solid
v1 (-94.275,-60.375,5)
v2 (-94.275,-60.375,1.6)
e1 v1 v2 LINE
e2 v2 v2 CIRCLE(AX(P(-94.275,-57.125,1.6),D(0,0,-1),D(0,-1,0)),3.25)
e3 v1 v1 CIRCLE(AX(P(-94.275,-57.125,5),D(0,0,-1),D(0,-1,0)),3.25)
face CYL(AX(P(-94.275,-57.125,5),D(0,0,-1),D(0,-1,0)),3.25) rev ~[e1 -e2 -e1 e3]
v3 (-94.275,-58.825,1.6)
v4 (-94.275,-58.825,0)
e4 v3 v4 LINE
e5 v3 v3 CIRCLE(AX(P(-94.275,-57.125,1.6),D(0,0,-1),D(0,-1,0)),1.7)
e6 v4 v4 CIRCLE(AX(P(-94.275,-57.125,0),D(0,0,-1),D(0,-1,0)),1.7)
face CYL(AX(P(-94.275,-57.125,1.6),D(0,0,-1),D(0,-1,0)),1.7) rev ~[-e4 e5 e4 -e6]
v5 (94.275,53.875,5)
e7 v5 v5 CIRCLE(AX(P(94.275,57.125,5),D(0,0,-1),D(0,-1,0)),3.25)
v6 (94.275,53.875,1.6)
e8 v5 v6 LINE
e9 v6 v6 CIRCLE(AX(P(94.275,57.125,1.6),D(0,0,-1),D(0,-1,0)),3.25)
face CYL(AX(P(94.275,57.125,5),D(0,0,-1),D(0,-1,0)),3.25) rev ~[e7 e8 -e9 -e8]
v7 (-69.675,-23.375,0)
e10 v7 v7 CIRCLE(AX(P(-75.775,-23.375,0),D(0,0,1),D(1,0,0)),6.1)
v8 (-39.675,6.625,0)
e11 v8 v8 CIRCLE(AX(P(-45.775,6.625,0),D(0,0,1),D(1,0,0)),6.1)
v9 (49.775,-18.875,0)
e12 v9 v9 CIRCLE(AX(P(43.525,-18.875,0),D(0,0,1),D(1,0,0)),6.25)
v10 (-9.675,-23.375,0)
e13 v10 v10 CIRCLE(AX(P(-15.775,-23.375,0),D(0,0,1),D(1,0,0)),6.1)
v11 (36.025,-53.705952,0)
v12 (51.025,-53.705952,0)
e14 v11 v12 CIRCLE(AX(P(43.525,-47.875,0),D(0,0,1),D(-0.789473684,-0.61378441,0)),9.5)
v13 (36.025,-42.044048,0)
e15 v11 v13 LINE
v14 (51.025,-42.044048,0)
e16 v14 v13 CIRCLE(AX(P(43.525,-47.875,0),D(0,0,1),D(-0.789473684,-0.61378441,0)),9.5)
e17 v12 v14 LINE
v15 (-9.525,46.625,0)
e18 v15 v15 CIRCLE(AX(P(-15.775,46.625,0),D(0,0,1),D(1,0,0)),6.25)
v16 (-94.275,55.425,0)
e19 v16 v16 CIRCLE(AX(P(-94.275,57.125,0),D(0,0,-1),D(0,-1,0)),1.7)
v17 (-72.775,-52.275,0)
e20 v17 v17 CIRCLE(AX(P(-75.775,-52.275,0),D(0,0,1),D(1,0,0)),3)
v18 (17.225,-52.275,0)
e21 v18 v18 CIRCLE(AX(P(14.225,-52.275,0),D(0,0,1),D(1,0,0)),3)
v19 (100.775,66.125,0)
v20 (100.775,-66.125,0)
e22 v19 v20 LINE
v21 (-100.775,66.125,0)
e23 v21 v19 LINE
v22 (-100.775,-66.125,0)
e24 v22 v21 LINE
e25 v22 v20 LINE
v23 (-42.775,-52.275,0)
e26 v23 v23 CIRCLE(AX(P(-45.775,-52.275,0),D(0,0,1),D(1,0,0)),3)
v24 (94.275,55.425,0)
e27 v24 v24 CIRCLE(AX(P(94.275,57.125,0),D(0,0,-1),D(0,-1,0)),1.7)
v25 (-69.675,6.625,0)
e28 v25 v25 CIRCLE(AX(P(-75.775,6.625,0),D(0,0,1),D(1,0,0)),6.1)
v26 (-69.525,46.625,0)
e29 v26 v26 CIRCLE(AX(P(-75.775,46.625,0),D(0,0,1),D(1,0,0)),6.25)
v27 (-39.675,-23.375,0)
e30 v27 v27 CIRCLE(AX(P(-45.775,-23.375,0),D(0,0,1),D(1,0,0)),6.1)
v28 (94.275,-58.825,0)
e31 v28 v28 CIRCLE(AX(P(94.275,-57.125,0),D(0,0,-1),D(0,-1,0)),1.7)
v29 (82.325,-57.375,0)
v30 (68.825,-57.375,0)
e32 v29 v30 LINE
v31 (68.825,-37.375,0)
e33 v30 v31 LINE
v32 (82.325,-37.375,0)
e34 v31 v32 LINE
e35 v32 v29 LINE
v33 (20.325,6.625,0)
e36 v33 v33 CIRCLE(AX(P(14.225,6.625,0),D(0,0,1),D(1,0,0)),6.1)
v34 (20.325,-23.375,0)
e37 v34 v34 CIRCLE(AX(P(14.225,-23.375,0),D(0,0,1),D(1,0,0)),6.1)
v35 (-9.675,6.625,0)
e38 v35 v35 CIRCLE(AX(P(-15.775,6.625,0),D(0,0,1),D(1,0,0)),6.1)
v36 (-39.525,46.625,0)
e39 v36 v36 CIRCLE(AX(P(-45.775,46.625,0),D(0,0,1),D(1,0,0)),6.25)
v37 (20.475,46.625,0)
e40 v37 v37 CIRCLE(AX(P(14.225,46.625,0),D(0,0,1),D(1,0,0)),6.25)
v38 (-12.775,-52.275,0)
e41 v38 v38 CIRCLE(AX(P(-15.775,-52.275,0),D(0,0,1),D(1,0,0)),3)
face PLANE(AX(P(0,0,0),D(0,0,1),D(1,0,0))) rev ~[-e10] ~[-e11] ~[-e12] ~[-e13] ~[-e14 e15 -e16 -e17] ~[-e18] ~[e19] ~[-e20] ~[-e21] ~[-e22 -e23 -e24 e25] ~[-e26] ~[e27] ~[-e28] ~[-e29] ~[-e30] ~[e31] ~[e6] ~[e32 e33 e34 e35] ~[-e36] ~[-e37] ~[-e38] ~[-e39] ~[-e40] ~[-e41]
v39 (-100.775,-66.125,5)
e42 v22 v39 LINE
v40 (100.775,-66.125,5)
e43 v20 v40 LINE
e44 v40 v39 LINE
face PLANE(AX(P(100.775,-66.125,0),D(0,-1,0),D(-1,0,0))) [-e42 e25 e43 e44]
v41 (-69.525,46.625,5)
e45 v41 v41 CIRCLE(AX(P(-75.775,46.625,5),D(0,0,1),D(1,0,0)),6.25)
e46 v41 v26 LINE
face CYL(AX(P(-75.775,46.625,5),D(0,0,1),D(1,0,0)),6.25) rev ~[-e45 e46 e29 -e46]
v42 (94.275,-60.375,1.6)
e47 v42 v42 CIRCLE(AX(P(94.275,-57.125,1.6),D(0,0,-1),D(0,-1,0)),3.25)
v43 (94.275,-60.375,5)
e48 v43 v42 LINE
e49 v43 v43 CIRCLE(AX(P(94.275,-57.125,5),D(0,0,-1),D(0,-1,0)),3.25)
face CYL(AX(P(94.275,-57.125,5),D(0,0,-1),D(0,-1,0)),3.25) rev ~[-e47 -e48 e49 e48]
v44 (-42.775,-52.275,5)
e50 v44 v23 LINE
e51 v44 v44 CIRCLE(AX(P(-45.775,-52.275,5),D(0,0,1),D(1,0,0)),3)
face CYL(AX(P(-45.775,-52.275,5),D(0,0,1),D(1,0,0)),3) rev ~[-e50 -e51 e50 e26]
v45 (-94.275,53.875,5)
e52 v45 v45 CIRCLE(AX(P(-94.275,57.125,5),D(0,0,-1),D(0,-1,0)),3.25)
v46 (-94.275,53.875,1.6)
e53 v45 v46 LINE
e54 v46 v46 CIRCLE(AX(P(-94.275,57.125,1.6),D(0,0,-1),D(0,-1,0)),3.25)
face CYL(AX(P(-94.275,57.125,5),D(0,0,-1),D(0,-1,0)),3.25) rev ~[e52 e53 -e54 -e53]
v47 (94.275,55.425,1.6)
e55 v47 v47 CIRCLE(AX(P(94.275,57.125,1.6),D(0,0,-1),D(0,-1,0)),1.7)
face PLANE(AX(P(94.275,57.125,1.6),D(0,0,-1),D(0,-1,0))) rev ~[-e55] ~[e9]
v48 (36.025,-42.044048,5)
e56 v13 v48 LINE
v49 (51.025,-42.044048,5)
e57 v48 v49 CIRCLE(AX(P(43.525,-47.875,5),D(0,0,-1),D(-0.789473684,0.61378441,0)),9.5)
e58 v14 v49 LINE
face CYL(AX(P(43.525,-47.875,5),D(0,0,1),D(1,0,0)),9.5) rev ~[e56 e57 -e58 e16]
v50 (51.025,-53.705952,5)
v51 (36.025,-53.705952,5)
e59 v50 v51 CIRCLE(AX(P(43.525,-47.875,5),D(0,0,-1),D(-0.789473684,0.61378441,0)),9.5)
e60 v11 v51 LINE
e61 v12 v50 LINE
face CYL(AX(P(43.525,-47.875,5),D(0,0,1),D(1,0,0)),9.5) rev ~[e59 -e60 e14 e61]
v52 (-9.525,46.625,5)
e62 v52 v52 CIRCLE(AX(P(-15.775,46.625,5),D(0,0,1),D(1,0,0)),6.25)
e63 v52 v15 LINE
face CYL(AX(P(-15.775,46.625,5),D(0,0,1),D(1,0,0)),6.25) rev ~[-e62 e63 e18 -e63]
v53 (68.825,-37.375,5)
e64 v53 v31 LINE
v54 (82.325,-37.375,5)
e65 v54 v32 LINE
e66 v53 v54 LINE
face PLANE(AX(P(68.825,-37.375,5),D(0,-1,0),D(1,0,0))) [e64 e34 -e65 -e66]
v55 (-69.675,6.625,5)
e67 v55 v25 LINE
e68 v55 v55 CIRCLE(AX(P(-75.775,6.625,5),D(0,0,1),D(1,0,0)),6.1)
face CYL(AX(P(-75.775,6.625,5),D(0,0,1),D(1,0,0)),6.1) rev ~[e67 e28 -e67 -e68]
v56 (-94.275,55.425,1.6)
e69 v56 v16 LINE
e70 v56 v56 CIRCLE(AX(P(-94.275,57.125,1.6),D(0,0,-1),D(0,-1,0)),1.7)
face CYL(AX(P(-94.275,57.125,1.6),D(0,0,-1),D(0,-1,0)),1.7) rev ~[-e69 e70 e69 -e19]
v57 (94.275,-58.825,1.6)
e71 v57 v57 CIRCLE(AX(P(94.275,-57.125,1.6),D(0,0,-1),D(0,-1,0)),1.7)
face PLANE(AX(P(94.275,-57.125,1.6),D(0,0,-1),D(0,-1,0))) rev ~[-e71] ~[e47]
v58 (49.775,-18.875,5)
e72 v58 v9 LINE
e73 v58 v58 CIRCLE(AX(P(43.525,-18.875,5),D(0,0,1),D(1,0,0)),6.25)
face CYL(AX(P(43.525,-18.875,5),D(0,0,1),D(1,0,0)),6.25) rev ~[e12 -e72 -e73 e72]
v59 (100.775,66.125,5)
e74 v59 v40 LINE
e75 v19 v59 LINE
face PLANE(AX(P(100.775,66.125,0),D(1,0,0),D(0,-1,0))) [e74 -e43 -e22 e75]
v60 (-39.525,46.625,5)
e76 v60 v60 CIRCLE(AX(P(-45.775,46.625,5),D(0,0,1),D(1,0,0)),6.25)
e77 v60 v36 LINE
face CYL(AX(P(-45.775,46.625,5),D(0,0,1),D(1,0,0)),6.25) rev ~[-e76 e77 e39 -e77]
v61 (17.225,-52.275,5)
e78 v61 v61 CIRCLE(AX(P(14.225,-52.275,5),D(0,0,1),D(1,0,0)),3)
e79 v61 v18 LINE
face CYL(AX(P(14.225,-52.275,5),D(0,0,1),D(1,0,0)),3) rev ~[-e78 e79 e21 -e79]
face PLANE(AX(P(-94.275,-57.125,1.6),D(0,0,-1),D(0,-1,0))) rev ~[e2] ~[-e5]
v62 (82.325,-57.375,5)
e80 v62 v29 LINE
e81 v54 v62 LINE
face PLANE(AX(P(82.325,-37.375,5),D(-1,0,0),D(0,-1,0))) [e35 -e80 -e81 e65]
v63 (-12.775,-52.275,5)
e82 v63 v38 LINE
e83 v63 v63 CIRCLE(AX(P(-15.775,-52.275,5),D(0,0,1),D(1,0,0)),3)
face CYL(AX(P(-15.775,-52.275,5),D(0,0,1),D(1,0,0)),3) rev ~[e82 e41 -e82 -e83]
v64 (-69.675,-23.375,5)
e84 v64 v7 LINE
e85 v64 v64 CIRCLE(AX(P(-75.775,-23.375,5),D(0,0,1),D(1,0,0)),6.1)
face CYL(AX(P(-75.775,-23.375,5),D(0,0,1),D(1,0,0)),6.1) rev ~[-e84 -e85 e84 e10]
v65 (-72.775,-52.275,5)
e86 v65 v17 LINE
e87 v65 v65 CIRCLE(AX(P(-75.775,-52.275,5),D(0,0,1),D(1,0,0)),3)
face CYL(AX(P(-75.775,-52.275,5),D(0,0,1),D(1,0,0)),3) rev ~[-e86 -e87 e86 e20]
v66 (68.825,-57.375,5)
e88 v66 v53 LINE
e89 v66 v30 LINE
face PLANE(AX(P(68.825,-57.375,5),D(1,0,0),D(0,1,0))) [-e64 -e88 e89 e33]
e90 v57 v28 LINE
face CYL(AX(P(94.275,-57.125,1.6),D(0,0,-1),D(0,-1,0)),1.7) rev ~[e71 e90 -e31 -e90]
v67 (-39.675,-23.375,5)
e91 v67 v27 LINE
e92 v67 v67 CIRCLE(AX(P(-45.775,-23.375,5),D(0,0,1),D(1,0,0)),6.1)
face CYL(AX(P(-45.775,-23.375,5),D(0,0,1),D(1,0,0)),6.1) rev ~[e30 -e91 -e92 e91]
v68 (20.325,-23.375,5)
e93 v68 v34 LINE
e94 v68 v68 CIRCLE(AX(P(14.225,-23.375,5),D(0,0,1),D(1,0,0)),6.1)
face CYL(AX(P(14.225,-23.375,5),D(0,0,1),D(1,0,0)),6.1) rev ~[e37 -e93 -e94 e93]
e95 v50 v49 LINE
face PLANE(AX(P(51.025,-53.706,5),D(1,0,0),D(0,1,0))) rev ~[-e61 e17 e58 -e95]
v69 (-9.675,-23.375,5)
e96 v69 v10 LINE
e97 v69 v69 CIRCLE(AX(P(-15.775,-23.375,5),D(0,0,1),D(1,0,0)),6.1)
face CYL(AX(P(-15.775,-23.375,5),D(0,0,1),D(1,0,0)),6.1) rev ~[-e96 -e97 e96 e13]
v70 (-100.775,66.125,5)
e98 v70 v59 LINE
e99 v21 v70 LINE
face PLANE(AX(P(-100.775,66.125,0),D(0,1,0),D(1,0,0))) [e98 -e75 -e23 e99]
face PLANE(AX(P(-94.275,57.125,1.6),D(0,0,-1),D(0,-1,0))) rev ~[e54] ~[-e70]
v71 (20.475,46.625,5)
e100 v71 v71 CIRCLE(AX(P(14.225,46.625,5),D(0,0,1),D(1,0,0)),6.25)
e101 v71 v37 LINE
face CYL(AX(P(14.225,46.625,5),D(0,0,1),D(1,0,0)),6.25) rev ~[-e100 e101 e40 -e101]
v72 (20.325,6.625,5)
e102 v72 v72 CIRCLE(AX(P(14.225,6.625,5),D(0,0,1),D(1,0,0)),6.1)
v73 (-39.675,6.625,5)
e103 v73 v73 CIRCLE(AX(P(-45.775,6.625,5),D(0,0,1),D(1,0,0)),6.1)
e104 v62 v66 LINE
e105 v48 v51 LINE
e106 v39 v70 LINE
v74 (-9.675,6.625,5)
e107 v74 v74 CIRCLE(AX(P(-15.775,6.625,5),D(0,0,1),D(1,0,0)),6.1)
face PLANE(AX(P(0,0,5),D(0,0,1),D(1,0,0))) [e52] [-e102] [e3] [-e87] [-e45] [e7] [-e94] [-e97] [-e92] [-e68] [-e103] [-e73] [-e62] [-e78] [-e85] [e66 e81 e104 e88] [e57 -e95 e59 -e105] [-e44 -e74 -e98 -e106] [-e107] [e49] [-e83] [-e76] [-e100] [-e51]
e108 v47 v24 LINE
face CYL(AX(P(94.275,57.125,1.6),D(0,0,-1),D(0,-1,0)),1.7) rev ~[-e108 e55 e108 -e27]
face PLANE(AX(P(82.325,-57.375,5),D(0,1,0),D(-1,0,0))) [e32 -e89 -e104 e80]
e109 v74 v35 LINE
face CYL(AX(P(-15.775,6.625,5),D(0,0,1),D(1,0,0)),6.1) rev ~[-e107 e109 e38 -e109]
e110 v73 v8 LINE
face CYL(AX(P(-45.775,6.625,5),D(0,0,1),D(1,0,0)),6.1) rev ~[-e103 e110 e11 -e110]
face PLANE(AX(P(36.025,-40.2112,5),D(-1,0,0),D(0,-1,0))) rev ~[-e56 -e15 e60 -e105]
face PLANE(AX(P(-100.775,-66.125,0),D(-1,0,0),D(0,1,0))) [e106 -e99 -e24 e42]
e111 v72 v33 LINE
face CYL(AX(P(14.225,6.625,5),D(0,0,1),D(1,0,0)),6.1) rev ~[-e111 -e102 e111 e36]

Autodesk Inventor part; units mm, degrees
ref_plane "YZ Plane" through (0, 0, 0) normal (1, 0, 0) x (0, 1, 0)
ref_plane "XZ Plane" through (0, 0, 0) normal (0, 1, 0) x (-1, 0, 0)
ref_plane "XY Plane" through (0, 0, 0) normal (0, 0, 1) x (1, 0, 0)
sketch "Sketch1" plane through (0, 0, 0) normal (0, 0, 1) x (1, 0, 0)
  line L0 (100.775, -66.125) -> (-100.775, -66.125)
  line L1 (-100.775, -66.125) -> (-100.775, 66.125)
  line L2 (-100.775, 66.125) -> (100.775, 66.125)
  line L3 (100.775, 66.125) -> (100.775, -66.125)
  line L4 (100.775, -66.125) -> (-100.775, 66.125) construction
  line L5 (-100.775, -66.125) -> (100.775, 66.125) construction
  point P0 (0, 0)
  dimension "d0" = 201.55
  dimension "d1" = 132.25
extrude "TopPlate" add sketch "Sketch1" along normal blind 5
sketch "Sketch2" plane through (0, 0, 5) normal (0, 0, 1) x (1, 0, 0)
  line L0 (-100.775, -66.125) -> (100.775, -66.125) projected
  line L1 (-100.775, -66.125) -> (-87.775, -66.125)
  line L2 (-87.775, -66.125) -> (-87.775, -48.125)
  line L3 (-87.775, -48.125) -> (-100.775, -48.125)
  line L4 (-100.775, -48.125) -> (-100.775, -66.125)
  line L5 (100.775, -66.125) -> (100.775, 66.125) projected
  line L6 (100.775, -66.125) -> (87.775, -66.125)
  line L7 (87.775, -66.125) -> (87.775, -48.125)
  line L8 (87.775, -48.125) -> (100.775, -48.125)
  line L9 (100.775, -48.125) -> (100.775, -66.125)
  line L10 (100.775, 66.125) -> (-100.775, 66.125) projected
  line L11 (-100.775, 66.125) -> (-87.775, 66.125)
  line L12 (-87.775, 66.125) -> (-87.775, 48.125)
  line L13 (-87.775, 48.125) -> (-100.775, 48.125)
  line L14 (-100.775, 48.125) -> (-100.775, 66.125)
  line L15 (100.775, 66.125) -> (87.775, 66.125)
  line L16 (87.775, 66.125) -> (87.775, 48.125)
  line L17 (87.775, 48.125) -> (100.775, 48.125)
  line L18 (100.775, 48.125) -> (100.775, 66.125)
  line L19 (-100.775, 66.125) -> (-87.775, 48.125)
  line L20 (-87.775, 66.125) -> (-100.775, 48.125)
  line L21 (87.775, 66.125) -> (100.775, 48.125)
  line L22 (100.775, 48.125) -> (100.775, 66.125)
  line L23 (87.775, 48.125) -> (100.775, 66.125)
  line L24 (100.775, -66.125) -> (87.775, -48.125)
  line L25 (100.775, -48.125) -> (87.775, -66.125)
  line L26 (-100.775, -48.125) -> (-87.775, -66.125)
  line L27 (-100.775, 66.125) -> (-100.775, -66.125) projected
  line L28 (-87.775, -48.125) -> (-100.775, -66.125)
  point P0 (0, 0)
  point P1 (-94.275, -57.125)
  point P2 (-94.275, 57.125)
  point P3 (94.275, 57.125)
  point P4 (94.275, -57.125)
  dimension "d4" = 13
  dimension "d5" = 18
  dimension "d6" = 13
  dimension "d7" = 18
  dimension "d8" = 13
  dimension "d9" = 18
  dimension "d10" = 13
  dimension "d11" = 18
hole "Hole1" at (-94.275, -57.125, 5) at (94.275, 57.125, 5) at (94.275, -57.125, 5) at (-94.275, 57.125, 5) direction (0, 0, -1) diameter 3.4 end through all counterbore diameter 6.5 counterbore depth 3.4 clearance for "Socket Head Cap Screw DIN EN ISO 4762" size "M3" standard "DIN"
sketch "Sketch34" plane through (0, 0, 5) normal (0, 0, 1) x (1, 0, 0)
  circle A0 centre (43.525, -18.875) radius 6.25
  line L0 (100.775, 66.125) -> (-100.775, 66.125) projected
  line L1 (-100.775, 66.125) -> (-100.775, -66.125) projected
  line L2 (-100.775, -66.125) -> (100.775, -66.125) projected
  point P0 (0, 0)
  point P1 (-125, -13.875)
  point P2 (-125, 66.125)
  point P3 (-125, 66.125)
  point P4 (-65, 66.125)
  point P5 (48.3273, -66.125)
  point P6 (38.7227, -66.125)
  dimension "d166" = 12.5
  dimension "d170" = 144.3
  dimension "d261" = 47.25
extrude "ToggleswitchWithCap1" cut sketch "Sketch34" against normal blind 10
sketch "Sketch38" plane through (0, 0, 5) normal (0, 0, 1) x (1, 0, 0)
  line L0 (68.825, -37.375) -> (82.325, -37.375)
  line L1 (82.325, -37.375) -> (82.325, -57.375)
  line L2 (82.325, -57.375) -> (68.825, -57.375)
  line L3 (68.825, -57.375) -> (68.825, -37.375)
  line L4 (100.775, 66.125) -> (-100.775, 66.125) projected
  line L5 (-100.775, 66.125) -> (-100.775, -66.125) projected
  line L6 (-100.775, -66.125) -> (100.775, -66.125) projected
  point P0 (0, 0)
  dimension "d181" = 13.5
  dimension "d182" = 20
  dimension "d186" = 169.6
  dimension "d266" = 8.75
extrude "OnOffToggle" cut sketch "Sketch38" against normal through all
sketch "Sketch17" plane through (0, 0, 5) normal (0, 0, 1) x (1, 0, 0)
  circle A0 centre (43.525, -47.875) radius 9.5
  line L0 (100.775, 66.125) -> (-100.775, 66.125) projected
  line L1 (-100.775, 66.125) -> (-100.775, -66.125) projected
  line L2 (-100.775, -66.125) -> (100.775, -66.125) projected
  point P0 (0, 0)
  point P1 (-104.4472, 75)
  point P2 (-85.5528, 75)
  point P3 (-125, -57.3222)
  point P4 (-125, -38.4278)
  dimension "d81" = 19
  dimension "d83" = 144.3
  dimension "d223" = 18.25
extrude "KeySwitch" cut sketch "Sketch17" against normal through all
sketch "Sketch18" plane through (0, 0, 5) normal (0, 0, 1) x (1, 0, 0)
  circle A0 centre (-75.775, 46.625) radius 6.25
  line L0 (-100.775, 66.125) -> (-100.775, -66.125) projected
  line L1 (100.775, 66.125) -> (-100.775, 66.125) projected
  line L2 (100.775, -66.125) -> (100.775, 66.125) projected
  point P0 (0, 0)
  point P1 (-11.1695, 75)
  point P2 (1.1695, 75)
  dimension "d86" = 12.5
  dimension "d99" = 19.5
  dimension "d225" = 25
extrude "Toggleswitch1" cut sketch "Sketch18" against normal through all
sketch "Sketch19" plane through (0, 0, 5) normal (0, 0, 1) x (1, 0, 0)
  circle A0 centre (-45.775, 46.625) radius 6.25
  line L0 (100.775, 66.125) -> (-100.775, 66.125) projected
  line L1 (-100.775, 66.125) -> (-100.775, -66.125) projected
  line L2 (100.775, -66.125) -> (100.775, 66.125) projected
  point P0 (0, 0)
  dimension "d89" = 12.5
  dimension "d100" = 19.5
  dimension "d226" = 55
extrude "Toggleswitch2" cut sketch "Sketch19" against normal through all
sketch "Sketch20" plane through (0, 0, 5) normal (0, 0, 1) x (1, 0, 0)
  circle A0 centre (-15.775, 46.625) radius 6.25
  line L0 (100.775, 66.125) -> (-100.775, 66.125) projected
  line L1 (-100.775, 66.125) -> (-100.775, -66.125) projected
  line L2 (100.775, -66.125) -> (100.775, 66.125) projected
  point P0 (0, 0)
  dimension "d92" = 12.5
  dimension "d102" = 19.5
  dimension "d227" = 85
extrude "Toggleswitch3" cut sketch "Sketch20" against normal through all
sketch "Sketch21" plane through (0, 0, 5) normal (0, 0, 1) x (1, 0, 0)
  circle A0 centre (14.225, 46.625) radius 6.25
  line L0 (100.775, 66.125) -> (-100.775, 66.125) projected
  line L1 (-100.775, 66.125) -> (-100.775, -66.125) projected
  line L2 (100.775, -66.125) -> (100.775, 66.125) projected
  point P0 (0, 0)
  dimension "d95" = 12.5
  dimension "d104" = 19.5
  dimension "d228" = 115
extrude "Toggleswitch4" cut sketch "Sketch21" against normal through all
sketch "Sketch22" plane through (0, 0, 5) normal (0, 0, 1) x (1, 0, 0)
  circle A0 centre (-75.775, 6.625) radius 6.1
  line L0 (-100.775, 66.125) -> (-100.775, -66.125) projected
  line L1 (100.775, 66.125) -> (-100.775, 66.125) projected
  line L2 (100.775, -66.125) -> (100.775, 66.125) projected
  point P0 (0, 0)
  dimension "d106" = 12.2
  dimension "d110" = 59.5
  dimension "d229" = 25
extrude "ButtonBlack1" cut sketch "Sketch22" against normal through all
sketch "Sketch23" plane through (0, 0, 5) normal (0, 0, 1) x (1, 0, 0)
  circle A0 centre (-45.775, 6.625) radius 6.1
  line L0 (100.775, 66.125) -> (-100.775, 66.125) projected
  line L1 (-100.775, 66.125) -> (-100.775, -66.125) projected
  line L2 (100.775, -66.125) -> (100.775, 66.125) projected
  point P0 (0, 0)
  dimension "d111" = 12.2
  dimension "d114" = 59.5
  dimension "d230" = 55
extrude "ButtonBlack2" cut sketch "Sketch23" against normal through all
sketch "Sketch24" plane through (0, 0, 5) normal (0, 0, 1) x (1, 0, 0)
  circle A0 centre (-15.775, 6.625) radius 6.1
  line L0 (100.775, 66.125) -> (-100.775, 66.125) projected
  line L1 (-100.775, 66.125) -> (-100.775, -66.125) projected
  line L2 (100.775, -66.125) -> (100.775, 66.125) projected
  point P0 (0, 0)
  dimension "d116" = 12.2
  dimension "d117" = 59.5
  dimension "d231" = 85
extrude "ButtonBlack3" cut sketch "Sketch24" against normal through all
sketch "Sketch25" plane through (0, 0, 5) normal (0, 0, 1) x (1, 0, 0)
  circle A0 centre (14.225, 6.625) radius 6.1
  line L0 (100.775, 66.125) -> (-100.775, 66.125) projected
  line L1 (-100.775, 66.125) -> (-100.775, -66.125) projected
  line L2 (100.775, -66.125) -> (100.775, 66.125) projected
  point P0 (0, 0)
  dimension "d121" = 12.2
  dimension "d205" = 59.5
  dimension "d232" = 115
extrude "ButtonBlack4" cut sketch "Sketch25" against normal through all
sketch "Sketch26" plane through (0, 0, 5) normal (0, 0, 1) x (1, 0, 0)
  circle A0 centre (-75.775, -23.375) radius 6.1
  line L0 (-100.775, 66.125) -> (-100.775, -66.125) projected
  line L1 (100.775, 66.125) -> (-100.775, 66.125) projected
  line L2 (100.775, -66.125) -> (100.775, 66.125) projected
  point P0 (0, 0)
  dimension "d126" = 12.2
  dimension "d128" = 89.5
  dimension "d233" = 25
extrude "ButtonRed1" cut sketch "Sketch26" against normal through all
sketch "Sketch27" plane through (0, 0, 5) normal (0, 0, 1) x (1, 0, 0)
  circle A0 centre (-45.775, -23.375) radius 6.1
  line L0 (100.775, 66.125) -> (-100.775, 66.125) projected
  line L1 (-100.775, 66.125) -> (-100.775, -66.125) projected
  line L2 (100.775, -66.125) -> (100.775, 66.125) projected
  point P0 (0, 0)
  dimension "d131" = 12.2
  dimension "d132" = 89.5
  dimension "d234" = 55
extrude "ButtonRed2" cut sketch "Sketch27" against normal through all
sketch "Sketch28" plane through (0, 0, 5) normal (0, 0, 1) x (1, 0, 0)
  circle A0 centre (-15.775, -23.375) radius 6.1
  line L0 (100.775, 66.125) -> (-100.775, 66.125) projected
  line L1 (-100.775, 66.125) -> (-100.775, -66.125) projected
  line L2 (100.775, -66.125) -> (100.775, 66.125) projected
  point P0 (0, 0)
  dimension "d136" = 12.2
  dimension "d137" = 89.5
  dimension "d235" = 85
extrude "ButtonRed3" cut sketch "Sketch28" against normal through all
sketch "Sketch29" plane through (0, 0, 5) normal (0, 0, 1) x (1, 0, 0)
  circle A0 centre (14.225, -23.375) radius 6.1
  line L0 (100.775, 66.125) -> (-100.775, 66.125) projected
  line L1 (-100.775, 66.125) -> (-100.775, -66.125) projected
  line L2 (100.775, -66.125) -> (100.775, 66.125) projected
  point P0 (0, 0)
  dimension "d141" = 12.2
  dimension "d142" = 89.5
  dimension "d236" = 115
extrude "ButtonRed4" cut sketch "Sketch29" against normal through all
sketch "Sketch39" plane through (0, 0, 5) normal (0, 0, 1) x (1, 0, 0)
  line L0 (-85.775, -40.2112) -> (36.025, -40.2112)
  line L1 (36.025, -40.2112) -> (36.025, -66.125)
  line L2 (36.025, -66.125) -> (-85.775, -66.125)
  line L3 (-85.775, -66.125) -> (-85.775, -40.2112)
  circle A0 centre (43.525, -47.875) radius 9.5 projected
  line L4 (-100.775, -66.125) -> (100.775, -66.125) projected
  line L5 (-100.775, 66.125) -> (-100.775, -66.125) projected
  point P0 (0, 0)
  point P1 (36.025, -53.706)
  point P2 (36.025, -42.044)
  point P3 (49.225, -40.275)
  point P4 (50.8905, -53.875)
  dimension "d187" = 7.5
  dimension "d218" = 0
  dimension "d224" = 15
extrude "KeySwitchSideLeft" add sketch "Sketch39" against normal up to surface (5 mm away) contours L0 L1 A0 L2 L3 | L1 A0 picked at (35.6607, -49.2254)
sketch "Sketch40" plane through (0, 0, 5) normal (0, 0, 1) x (1, 0, 0)
  line L0 (51.025, -34.9523) -> (60.7775, -34.9523)
  line L1 (60.7775, -34.9523) -> (60.7775, -58.7516)
  line L2 (60.7775, -58.7516) -> (51.025, -58.7516)
  line L3 (51.025, -58.7516) -> (51.025, -34.9523)
  arc A0 (36.025, -53.706) -> (36.025, -42.044) centre (43.525, -47.875) ccw projected
  point P0 (0, 0)
  point P1 (51.025, -42.044)
  point P2 (51.025, -53.706)
  dimension "d190" = 7.5
extrude "KeySwitchSideRight" add sketch "Sketch40" against normal up to surface (5 mm away) contours A0 L3
sketch "Sketch44" plane through (0, 0, 5) normal (0, 0, 1) x (1, 0, 0)
  circle A0 centre (-75.775, -52.275) radius 3
  line L0 (-100.775, 66.125) -> (-100.775, -66.125) projected
  line L1 (100.775, 66.125) -> (-100.775, 66.125) projected
  point P0 (0, 0)
  dimension "d241" = 6
  dimension "d253" = 25
  dimension "d254" = 118.4
extrude "RotaryEncoder1" cut sketch "Sketch44" against normal through all
sketch "Sketch45" plane through (0, 0, 5) normal (0, 0, 1) x (1, 0, 0)
  circle A0 centre (-45.775, -52.275) radius 3
  line L0 (100.775, 66.125) -> (-100.775, 66.125) projected
  line L1 (-100.775, 66.125) -> (-100.775, -66.125) projected
  point P0 (0, 0)
  dimension "d244" = 6
  dimension "d255" = 118.4
  dimension "d256" = 55
extrude "RotaryEncoder2" cut sketch "Sketch45" against normal through all
sketch "Sketch46" plane through (0, 0, 5) normal (0, 0, 1) x (1, 0, 0)
  circle A0 centre (-15.775, -52.275) radius 3
  line L0 (100.775, 66.125) -> (-100.775, 66.125) projected
  line L1 (-100.775, 66.125) -> (-100.775, -66.125) projected
  point P0 (0, 0)
  dimension "d247" = 6
  dimension "d257" = 118.4
  dimension "d258" = 85
extrude "RotaryEncoder3" cut sketch "Sketch46" against normal through all
sketch "Sketch47" plane through (0, 0, 5) normal (0, 0, 1) x (1, 0, 0)
  circle A0 centre (14.225, -52.275) radius 3
  line L0 (100.775, 66.125) -> (-100.775, 66.125) projected
  line L1 (-100.775, 66.125) -> (-100.775, -66.125) projected
  point P0 (0, 0)
  dimension "d250" = 6
  dimension "d259" = 118.4
  dimension "d260" = 115
extrude "RotaryEncoder4" cut sketch "Sketch47" against normal through all
properties part number "Box Top"
